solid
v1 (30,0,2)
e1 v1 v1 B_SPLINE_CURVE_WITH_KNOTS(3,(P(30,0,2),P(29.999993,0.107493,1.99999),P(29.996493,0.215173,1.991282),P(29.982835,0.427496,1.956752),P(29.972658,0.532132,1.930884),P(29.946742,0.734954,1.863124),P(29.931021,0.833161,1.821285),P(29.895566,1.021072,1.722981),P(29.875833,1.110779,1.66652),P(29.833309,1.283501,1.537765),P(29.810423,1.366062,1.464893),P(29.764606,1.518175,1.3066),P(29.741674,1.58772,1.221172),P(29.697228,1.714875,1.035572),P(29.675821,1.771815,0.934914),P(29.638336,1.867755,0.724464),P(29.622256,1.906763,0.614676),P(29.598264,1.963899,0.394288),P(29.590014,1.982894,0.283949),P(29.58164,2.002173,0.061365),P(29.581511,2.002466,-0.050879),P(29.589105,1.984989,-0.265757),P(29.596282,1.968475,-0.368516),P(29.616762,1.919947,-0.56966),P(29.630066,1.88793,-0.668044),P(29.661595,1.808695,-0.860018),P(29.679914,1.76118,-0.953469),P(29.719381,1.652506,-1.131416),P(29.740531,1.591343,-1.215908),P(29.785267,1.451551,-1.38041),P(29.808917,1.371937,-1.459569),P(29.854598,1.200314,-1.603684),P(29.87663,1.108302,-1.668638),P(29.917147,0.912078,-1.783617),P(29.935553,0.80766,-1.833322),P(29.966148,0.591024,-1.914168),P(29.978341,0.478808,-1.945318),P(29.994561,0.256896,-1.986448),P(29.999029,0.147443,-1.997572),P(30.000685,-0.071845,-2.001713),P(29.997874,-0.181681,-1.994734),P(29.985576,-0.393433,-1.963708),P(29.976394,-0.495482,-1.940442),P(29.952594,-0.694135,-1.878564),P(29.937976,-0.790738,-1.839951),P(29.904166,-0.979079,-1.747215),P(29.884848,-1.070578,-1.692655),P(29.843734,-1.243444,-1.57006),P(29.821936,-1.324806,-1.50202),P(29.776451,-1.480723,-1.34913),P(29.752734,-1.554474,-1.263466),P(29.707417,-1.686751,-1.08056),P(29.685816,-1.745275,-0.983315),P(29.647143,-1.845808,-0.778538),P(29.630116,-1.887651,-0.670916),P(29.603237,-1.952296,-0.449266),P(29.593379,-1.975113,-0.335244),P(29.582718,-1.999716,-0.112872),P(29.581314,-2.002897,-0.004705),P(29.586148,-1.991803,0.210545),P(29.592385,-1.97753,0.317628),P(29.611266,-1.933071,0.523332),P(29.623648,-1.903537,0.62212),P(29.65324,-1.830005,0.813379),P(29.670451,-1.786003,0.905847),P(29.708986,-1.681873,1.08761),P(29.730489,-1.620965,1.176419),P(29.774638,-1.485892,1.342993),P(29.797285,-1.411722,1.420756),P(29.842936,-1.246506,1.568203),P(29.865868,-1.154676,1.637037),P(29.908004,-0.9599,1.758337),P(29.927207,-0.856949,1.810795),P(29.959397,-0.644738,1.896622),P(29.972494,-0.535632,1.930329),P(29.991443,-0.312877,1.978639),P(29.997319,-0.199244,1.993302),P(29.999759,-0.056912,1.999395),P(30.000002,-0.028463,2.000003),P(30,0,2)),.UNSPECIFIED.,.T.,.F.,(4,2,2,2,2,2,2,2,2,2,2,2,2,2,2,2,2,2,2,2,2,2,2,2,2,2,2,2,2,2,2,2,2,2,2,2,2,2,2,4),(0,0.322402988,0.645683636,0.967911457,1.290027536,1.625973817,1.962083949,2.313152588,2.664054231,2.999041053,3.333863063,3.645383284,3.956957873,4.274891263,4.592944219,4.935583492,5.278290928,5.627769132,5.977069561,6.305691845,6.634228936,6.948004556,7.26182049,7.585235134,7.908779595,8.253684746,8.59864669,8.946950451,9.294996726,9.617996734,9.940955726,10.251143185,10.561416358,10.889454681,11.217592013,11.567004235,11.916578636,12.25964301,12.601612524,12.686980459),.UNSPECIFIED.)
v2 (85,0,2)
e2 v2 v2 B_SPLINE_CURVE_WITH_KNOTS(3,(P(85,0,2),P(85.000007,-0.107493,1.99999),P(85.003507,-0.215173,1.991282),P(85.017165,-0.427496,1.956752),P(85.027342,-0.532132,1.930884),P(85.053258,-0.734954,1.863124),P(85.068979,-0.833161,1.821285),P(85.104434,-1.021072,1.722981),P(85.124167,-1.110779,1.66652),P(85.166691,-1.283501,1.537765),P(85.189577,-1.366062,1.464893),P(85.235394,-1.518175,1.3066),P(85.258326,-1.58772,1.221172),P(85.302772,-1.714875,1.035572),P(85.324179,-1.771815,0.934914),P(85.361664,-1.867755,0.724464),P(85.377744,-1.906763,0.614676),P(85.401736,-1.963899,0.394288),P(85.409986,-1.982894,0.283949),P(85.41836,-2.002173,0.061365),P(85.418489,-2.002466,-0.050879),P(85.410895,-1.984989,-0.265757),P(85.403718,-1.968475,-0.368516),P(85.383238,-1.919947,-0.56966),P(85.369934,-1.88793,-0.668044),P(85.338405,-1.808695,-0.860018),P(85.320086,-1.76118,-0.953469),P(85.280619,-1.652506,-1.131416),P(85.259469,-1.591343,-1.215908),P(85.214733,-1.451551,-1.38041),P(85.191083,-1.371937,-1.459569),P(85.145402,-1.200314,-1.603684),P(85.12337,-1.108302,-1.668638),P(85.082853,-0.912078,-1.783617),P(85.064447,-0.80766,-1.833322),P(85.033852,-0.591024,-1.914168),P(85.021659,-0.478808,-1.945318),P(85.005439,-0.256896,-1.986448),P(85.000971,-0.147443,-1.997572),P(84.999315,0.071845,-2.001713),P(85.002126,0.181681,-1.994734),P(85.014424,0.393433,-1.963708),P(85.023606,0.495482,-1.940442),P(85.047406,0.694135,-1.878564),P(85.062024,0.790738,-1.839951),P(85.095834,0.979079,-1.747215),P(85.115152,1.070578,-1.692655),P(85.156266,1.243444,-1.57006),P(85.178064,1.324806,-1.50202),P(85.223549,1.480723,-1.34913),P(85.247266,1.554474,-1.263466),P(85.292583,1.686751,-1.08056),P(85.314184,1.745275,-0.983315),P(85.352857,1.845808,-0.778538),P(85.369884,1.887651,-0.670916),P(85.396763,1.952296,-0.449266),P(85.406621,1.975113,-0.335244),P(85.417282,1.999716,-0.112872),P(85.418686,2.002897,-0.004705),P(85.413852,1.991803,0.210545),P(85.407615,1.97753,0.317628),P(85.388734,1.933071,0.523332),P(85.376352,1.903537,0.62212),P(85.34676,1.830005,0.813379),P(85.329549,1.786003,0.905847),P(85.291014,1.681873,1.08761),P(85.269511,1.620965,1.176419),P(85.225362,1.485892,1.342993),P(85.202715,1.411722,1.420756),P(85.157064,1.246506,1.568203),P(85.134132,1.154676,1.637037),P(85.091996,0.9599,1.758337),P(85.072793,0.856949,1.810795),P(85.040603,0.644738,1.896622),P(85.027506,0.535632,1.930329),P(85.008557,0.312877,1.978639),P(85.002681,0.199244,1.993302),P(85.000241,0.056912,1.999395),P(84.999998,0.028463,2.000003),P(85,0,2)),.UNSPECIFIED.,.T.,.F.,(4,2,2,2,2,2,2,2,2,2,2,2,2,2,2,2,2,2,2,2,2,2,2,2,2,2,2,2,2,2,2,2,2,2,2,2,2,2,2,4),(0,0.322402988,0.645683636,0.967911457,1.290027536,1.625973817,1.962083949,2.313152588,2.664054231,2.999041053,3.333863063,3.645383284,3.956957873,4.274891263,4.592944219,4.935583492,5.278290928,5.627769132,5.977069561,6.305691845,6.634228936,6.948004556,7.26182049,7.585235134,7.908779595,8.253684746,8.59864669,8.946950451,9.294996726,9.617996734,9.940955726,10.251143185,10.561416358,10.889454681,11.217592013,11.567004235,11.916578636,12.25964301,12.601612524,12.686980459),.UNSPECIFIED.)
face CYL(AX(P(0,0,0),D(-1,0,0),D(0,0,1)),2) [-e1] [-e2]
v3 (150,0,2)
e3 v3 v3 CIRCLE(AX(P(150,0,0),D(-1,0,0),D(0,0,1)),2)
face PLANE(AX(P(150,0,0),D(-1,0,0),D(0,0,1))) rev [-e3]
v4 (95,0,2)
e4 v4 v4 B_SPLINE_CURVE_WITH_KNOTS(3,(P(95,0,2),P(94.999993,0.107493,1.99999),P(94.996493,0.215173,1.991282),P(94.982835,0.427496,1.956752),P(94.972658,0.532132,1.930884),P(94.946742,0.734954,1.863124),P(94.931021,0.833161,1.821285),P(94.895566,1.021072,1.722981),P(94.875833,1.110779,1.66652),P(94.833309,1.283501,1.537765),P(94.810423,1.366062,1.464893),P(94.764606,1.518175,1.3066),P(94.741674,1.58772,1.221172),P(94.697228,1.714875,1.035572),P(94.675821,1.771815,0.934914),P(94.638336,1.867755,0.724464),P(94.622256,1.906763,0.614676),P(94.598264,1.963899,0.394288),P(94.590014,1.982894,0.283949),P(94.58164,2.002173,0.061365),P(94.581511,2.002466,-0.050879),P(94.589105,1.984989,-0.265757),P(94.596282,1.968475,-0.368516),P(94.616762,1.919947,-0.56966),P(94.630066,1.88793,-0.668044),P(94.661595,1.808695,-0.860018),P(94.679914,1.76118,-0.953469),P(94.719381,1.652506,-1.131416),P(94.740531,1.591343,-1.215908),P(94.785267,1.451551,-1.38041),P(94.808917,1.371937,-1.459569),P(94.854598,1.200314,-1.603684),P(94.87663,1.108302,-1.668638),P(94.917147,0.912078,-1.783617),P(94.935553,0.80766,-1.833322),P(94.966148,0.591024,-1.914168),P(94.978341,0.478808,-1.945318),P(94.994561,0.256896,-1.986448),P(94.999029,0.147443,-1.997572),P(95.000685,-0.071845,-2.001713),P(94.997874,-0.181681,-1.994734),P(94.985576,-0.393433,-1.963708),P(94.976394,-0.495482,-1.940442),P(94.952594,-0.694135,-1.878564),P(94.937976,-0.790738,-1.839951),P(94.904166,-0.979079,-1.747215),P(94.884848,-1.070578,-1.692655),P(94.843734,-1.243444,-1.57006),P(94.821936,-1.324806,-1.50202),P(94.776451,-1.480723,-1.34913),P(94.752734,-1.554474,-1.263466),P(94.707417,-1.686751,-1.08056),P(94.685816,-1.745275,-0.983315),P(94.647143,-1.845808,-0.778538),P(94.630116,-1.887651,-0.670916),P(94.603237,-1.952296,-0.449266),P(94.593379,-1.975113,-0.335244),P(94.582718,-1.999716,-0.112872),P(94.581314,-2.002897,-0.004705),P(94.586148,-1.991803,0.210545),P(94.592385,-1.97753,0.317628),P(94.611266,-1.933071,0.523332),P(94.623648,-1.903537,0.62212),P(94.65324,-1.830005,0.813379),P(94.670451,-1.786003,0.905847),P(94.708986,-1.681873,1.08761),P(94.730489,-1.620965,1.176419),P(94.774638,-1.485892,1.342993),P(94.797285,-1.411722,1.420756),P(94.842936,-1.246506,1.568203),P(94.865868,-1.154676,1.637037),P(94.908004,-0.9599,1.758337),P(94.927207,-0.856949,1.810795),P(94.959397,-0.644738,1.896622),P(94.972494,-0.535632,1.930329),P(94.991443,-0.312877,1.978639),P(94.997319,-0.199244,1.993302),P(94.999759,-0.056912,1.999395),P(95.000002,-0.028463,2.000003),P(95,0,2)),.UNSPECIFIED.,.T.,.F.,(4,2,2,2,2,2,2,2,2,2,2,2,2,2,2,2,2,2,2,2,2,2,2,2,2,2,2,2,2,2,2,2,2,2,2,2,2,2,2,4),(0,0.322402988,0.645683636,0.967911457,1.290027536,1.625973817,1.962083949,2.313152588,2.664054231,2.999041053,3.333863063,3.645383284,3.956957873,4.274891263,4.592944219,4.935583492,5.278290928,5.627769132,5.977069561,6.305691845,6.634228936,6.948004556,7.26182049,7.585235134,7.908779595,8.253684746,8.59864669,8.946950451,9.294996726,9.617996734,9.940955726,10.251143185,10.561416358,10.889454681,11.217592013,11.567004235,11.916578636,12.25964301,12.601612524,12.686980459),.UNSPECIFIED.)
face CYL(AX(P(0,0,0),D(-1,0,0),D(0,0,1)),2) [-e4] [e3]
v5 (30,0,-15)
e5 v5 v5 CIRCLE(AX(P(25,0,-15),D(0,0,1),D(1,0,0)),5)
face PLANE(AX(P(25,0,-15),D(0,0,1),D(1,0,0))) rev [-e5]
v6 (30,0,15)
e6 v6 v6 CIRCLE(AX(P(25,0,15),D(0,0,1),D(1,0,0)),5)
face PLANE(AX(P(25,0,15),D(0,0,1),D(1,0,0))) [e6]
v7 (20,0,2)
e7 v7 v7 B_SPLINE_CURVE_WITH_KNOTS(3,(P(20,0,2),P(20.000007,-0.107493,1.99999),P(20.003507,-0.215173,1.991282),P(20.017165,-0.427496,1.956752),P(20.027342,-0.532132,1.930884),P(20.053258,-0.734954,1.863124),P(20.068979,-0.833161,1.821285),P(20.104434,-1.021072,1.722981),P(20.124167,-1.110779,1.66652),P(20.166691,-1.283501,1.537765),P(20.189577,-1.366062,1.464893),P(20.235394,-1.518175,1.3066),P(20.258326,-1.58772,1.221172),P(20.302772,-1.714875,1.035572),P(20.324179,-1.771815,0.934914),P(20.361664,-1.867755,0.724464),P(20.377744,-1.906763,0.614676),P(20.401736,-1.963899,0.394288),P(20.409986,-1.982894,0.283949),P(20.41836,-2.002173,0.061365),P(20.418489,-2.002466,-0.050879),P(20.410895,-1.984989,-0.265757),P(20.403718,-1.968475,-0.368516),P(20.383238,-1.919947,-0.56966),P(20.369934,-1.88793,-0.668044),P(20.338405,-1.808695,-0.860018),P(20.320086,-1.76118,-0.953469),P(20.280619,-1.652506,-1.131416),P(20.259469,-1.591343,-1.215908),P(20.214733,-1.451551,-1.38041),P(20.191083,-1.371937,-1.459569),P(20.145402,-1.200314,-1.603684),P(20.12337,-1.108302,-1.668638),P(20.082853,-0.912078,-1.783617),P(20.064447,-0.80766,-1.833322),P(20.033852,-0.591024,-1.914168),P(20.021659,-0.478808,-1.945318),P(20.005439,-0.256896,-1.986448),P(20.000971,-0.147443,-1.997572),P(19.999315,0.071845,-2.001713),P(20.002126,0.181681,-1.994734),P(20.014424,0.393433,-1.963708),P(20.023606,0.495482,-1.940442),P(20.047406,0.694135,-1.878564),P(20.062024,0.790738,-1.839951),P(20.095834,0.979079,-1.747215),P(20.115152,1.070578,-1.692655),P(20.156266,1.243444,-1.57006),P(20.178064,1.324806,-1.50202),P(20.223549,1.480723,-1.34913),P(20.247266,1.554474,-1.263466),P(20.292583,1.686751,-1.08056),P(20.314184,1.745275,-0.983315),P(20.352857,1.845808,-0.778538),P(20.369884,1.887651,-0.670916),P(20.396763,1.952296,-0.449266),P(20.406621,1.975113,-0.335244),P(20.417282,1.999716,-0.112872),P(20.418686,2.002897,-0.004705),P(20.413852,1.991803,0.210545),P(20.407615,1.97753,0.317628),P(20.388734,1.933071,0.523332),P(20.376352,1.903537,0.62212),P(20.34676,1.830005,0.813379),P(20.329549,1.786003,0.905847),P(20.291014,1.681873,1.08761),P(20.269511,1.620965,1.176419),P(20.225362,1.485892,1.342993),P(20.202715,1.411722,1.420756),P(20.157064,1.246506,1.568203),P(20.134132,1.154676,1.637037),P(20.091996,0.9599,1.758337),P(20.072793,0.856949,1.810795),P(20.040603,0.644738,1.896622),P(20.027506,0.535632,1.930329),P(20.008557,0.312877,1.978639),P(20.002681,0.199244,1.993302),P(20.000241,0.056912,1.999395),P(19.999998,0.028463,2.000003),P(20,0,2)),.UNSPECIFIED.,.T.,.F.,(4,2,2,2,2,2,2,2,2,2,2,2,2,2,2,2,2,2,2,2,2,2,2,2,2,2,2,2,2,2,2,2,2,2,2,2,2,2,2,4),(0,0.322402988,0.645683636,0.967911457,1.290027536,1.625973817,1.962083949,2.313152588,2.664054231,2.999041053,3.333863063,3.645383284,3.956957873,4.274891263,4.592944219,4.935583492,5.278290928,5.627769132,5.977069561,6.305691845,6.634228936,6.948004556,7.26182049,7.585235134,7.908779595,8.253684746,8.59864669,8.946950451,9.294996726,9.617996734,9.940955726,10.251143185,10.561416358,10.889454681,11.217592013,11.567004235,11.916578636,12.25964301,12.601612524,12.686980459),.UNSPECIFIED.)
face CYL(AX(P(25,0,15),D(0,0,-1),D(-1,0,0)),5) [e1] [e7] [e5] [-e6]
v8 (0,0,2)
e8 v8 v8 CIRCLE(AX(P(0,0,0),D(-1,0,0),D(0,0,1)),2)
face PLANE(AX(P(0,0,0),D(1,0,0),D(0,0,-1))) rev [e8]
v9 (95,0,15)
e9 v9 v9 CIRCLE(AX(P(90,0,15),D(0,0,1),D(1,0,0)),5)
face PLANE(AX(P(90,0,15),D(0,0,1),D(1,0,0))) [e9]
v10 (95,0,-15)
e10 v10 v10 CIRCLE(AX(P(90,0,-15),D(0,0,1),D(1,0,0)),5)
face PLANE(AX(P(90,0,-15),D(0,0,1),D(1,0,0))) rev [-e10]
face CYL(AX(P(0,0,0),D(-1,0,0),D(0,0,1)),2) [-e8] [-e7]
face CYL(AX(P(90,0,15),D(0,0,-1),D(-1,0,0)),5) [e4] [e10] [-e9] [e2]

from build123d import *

# Parameters (mm, degrees)
ESQUISSE1_W      = 150
ESQUISSE1_H      = 2
ESQUISSE2_R      = 5
EXTRUSION1_DEPTH = 15


with BuildPart() as part:
    # Esquisse1 → Révolution1 (revolve)
    with BuildSketch(Plane.XY, mode=Mode.PRIVATE) as r_volution1_sk:
        with Locations((75, 1)):
            Rectangle(ESQUISSE1_W, ESQUISSE1_H)
    revolve(r_volution1_sk.sketch.rotate(Axis((0, 0, 0), (1, 0, 0)), 90), axis=Axis((0, 0, 0), (1, 0, 0)))  # turned: the seam where the file's is

    # Esquisse2 → Extrusion1 (add, symmetric)
    with BuildSketch(Plane.XY):
        with Locations((90, 0)):
            Circle(ESQUISSE2_R)
        with Locations((25, 0)):
            Circle(ESQUISSE2_R)
    extrude(amount=EXTRUSION1_DEPTH, both=True)


solid = part.part
